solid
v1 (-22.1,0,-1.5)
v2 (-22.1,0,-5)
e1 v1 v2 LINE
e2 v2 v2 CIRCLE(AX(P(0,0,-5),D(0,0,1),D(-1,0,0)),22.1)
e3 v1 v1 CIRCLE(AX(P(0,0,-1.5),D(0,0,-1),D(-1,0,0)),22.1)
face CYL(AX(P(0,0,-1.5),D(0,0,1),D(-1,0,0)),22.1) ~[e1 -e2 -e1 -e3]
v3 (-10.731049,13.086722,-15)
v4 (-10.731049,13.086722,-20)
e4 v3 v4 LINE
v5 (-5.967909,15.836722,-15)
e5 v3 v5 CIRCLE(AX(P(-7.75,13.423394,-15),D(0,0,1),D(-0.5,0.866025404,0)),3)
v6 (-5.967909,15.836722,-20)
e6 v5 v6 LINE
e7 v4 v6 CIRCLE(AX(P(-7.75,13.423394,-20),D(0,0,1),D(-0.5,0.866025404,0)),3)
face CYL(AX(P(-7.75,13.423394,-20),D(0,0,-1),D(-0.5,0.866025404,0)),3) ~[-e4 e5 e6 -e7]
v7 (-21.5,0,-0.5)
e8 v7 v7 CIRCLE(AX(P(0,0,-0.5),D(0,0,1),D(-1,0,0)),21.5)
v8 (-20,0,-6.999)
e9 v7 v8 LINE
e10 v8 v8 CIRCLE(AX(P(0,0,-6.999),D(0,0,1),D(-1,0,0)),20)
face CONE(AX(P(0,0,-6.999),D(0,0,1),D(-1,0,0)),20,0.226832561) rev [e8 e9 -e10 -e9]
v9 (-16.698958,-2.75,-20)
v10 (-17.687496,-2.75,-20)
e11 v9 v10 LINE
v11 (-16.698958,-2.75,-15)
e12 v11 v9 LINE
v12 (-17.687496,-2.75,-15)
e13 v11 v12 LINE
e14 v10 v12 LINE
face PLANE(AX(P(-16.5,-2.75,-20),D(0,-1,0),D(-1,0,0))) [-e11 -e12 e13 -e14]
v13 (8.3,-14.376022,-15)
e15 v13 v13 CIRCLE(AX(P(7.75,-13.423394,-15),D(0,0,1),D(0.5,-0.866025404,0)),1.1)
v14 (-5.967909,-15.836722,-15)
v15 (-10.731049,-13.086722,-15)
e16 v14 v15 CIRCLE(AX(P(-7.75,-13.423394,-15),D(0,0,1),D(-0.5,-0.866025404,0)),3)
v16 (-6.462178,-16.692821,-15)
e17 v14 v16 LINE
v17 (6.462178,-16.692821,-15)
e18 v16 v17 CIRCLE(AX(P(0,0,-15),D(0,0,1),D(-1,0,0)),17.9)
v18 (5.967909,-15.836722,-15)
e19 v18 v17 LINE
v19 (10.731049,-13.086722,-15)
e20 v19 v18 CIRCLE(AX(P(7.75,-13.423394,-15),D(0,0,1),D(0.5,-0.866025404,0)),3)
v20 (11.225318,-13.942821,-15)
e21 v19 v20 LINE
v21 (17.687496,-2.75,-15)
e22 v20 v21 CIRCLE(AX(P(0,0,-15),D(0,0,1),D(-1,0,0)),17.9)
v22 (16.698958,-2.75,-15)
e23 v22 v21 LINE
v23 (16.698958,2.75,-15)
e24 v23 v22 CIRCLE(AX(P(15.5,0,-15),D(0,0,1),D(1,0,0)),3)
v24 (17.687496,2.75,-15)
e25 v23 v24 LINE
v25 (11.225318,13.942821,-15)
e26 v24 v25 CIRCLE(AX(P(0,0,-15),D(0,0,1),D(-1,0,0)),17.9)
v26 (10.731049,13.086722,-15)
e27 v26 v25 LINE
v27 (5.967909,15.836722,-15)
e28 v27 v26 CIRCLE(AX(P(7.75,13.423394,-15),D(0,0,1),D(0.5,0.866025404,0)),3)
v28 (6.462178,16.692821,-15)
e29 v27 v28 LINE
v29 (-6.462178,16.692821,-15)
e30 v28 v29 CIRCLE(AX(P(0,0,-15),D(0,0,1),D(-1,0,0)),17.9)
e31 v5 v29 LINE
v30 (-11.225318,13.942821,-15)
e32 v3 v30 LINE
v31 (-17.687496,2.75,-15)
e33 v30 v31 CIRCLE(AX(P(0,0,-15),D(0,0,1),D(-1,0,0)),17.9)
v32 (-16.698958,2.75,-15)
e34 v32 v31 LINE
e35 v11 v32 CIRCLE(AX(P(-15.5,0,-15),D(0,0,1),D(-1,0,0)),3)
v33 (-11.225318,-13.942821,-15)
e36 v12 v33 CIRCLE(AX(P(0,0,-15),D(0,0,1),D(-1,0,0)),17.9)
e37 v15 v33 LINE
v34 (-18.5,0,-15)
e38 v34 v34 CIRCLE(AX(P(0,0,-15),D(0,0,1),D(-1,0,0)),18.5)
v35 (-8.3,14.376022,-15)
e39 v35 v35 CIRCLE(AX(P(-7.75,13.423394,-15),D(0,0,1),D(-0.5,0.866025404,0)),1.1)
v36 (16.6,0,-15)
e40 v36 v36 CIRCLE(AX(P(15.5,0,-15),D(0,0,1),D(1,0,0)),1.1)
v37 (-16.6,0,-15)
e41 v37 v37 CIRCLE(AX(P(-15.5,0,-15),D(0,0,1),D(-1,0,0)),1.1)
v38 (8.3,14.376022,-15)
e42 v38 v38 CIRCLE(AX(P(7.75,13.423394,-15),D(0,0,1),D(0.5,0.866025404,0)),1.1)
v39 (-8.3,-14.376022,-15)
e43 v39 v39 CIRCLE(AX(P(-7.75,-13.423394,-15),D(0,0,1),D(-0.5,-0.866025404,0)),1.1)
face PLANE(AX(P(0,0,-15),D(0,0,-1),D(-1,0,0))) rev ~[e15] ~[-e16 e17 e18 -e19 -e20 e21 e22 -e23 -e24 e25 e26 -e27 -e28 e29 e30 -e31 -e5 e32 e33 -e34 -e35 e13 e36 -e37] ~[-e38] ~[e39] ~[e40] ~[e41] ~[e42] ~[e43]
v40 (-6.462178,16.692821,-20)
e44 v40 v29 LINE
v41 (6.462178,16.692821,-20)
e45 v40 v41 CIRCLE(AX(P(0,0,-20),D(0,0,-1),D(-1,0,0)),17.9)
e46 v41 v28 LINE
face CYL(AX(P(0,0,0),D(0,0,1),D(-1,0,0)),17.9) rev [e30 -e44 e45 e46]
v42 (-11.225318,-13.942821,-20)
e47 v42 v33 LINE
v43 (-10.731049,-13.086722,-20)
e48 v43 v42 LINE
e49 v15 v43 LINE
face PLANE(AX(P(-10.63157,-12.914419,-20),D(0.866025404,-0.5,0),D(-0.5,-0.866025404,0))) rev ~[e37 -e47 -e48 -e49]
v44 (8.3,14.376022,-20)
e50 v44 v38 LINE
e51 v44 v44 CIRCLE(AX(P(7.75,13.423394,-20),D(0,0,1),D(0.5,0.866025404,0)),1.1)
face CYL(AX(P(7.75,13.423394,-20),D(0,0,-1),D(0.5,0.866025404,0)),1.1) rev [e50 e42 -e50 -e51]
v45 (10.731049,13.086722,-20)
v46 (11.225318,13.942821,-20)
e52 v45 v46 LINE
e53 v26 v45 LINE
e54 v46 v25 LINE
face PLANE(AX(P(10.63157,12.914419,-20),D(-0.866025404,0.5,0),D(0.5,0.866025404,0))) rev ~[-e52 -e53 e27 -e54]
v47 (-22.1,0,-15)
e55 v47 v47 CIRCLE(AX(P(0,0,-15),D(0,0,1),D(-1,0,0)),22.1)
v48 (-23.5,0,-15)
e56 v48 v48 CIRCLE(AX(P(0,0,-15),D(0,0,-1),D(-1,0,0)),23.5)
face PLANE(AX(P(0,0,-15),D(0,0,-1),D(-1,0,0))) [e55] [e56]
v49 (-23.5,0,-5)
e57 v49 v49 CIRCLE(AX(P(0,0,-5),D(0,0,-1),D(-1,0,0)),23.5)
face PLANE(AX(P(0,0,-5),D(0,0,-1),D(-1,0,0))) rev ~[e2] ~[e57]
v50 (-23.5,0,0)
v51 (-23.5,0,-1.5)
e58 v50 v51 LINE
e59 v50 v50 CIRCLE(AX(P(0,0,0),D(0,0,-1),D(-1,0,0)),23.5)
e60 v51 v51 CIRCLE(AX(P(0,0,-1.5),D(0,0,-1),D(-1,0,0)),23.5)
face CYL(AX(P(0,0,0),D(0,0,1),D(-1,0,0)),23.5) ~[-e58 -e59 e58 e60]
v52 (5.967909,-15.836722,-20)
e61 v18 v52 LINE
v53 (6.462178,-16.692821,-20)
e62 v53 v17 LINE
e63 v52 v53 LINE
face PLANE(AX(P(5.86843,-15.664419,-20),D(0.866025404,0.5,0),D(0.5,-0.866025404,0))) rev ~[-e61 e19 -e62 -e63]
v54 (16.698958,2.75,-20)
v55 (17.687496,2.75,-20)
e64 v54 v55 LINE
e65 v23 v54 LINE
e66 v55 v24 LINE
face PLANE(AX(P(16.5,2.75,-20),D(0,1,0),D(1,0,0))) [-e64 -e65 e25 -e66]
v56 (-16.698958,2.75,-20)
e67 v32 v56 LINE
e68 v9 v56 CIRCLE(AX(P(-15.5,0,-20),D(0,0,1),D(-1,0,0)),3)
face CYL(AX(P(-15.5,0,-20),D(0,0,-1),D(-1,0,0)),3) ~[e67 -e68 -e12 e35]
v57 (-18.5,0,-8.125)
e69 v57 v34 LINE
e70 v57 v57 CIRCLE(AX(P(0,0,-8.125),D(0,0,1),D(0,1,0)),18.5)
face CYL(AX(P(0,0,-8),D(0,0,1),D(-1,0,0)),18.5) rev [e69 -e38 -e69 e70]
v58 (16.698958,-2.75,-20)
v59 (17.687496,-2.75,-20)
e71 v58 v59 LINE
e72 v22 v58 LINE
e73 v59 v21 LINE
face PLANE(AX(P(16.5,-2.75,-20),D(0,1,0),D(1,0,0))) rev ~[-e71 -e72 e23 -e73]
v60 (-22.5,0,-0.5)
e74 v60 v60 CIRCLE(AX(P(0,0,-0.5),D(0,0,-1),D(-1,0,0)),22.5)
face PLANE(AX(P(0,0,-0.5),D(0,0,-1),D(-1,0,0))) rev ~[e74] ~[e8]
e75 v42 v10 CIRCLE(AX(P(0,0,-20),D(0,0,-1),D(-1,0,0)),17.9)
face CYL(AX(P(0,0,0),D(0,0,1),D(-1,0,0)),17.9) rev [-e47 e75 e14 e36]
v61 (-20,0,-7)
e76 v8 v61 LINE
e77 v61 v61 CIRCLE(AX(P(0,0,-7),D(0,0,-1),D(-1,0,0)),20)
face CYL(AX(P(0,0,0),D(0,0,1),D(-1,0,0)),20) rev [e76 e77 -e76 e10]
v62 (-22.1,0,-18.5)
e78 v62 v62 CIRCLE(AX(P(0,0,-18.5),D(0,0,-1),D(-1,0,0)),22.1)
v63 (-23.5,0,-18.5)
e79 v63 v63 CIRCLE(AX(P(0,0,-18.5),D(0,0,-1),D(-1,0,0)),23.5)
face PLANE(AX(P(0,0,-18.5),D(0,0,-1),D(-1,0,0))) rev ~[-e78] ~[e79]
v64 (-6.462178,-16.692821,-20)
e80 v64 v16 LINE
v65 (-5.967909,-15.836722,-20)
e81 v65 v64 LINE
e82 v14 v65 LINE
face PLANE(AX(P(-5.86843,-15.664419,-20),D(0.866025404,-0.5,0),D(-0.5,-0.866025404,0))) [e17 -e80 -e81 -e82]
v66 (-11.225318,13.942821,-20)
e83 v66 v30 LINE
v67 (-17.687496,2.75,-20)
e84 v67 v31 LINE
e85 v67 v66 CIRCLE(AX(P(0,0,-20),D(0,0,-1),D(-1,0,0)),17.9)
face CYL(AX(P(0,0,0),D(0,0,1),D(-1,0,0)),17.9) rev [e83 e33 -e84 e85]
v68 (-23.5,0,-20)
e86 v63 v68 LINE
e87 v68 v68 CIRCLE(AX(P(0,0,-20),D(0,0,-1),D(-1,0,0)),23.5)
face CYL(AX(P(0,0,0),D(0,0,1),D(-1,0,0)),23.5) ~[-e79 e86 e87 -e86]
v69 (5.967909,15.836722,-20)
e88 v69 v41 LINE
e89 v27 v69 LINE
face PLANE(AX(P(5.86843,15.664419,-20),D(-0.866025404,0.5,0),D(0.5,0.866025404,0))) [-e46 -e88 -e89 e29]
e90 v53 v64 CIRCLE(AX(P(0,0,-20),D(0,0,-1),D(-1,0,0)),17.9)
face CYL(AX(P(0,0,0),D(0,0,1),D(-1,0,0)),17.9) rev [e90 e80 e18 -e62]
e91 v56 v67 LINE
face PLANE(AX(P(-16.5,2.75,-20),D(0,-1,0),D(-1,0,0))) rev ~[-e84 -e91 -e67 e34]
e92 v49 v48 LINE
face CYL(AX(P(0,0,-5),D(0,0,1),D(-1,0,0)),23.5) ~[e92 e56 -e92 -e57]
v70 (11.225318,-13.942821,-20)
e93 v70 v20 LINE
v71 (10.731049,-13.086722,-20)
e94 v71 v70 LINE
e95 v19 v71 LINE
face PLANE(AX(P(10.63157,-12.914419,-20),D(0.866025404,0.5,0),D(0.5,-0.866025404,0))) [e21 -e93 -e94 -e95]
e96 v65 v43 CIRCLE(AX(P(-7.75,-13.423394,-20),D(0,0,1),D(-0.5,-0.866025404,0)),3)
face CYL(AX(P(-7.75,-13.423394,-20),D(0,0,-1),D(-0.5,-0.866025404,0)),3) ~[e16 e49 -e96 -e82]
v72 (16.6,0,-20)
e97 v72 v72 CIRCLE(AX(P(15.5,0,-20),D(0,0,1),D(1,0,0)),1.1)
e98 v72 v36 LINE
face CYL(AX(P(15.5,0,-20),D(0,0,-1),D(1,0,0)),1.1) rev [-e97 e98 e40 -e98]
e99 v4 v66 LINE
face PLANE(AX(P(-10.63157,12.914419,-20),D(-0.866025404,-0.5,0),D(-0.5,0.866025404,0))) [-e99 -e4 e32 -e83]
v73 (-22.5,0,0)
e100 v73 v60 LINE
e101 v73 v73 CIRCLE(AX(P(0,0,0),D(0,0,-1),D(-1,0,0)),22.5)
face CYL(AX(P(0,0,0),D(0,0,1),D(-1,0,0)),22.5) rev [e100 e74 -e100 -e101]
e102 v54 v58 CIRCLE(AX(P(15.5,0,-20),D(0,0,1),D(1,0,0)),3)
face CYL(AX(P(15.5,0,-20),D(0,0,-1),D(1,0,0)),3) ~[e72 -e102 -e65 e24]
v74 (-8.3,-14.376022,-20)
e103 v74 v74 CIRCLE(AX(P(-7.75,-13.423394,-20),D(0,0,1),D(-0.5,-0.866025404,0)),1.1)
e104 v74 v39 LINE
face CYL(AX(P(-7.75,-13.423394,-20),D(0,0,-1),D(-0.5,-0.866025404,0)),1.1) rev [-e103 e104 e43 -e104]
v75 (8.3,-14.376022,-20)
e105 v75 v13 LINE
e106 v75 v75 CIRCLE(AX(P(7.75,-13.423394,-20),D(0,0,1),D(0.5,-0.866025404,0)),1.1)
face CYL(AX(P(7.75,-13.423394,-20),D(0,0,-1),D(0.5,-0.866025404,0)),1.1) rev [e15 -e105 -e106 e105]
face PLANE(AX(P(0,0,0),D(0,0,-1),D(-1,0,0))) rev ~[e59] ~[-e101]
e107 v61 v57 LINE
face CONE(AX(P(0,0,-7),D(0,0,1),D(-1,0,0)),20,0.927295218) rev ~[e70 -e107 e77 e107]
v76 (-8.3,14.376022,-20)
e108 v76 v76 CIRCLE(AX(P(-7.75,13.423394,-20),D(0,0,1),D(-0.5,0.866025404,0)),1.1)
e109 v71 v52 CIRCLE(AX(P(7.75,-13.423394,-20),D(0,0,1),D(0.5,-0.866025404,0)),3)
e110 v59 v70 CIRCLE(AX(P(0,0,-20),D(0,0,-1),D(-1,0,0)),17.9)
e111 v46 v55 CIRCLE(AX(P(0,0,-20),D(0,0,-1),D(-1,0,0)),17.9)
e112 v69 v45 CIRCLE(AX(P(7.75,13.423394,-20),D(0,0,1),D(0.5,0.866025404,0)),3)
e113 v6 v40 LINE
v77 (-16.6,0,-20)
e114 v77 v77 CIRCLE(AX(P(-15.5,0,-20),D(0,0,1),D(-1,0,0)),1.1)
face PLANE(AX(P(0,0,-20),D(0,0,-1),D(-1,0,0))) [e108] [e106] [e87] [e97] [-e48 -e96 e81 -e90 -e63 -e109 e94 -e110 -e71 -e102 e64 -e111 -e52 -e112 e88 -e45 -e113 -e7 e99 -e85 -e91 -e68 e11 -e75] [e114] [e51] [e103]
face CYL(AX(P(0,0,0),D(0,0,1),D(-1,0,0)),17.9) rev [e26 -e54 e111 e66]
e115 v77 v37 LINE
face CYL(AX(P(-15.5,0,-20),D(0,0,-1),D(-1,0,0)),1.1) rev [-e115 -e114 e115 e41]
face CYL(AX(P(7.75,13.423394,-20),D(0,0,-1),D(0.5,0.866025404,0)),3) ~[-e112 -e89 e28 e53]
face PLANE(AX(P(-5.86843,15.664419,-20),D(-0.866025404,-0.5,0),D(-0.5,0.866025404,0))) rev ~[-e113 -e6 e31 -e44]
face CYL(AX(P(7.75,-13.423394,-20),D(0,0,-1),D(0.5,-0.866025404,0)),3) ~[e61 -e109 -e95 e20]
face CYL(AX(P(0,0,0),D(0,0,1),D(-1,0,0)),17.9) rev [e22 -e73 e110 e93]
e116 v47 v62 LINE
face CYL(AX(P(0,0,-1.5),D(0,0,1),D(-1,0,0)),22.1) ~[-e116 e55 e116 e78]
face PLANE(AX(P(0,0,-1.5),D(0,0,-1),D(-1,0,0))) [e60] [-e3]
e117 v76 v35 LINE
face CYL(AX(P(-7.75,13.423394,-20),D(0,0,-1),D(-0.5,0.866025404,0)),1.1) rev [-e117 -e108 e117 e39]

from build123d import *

# Parameters (mm, degrees)
CYLINDER154_R             = 1.1
CYLINDER154_DEPTH         = 5
BOX024_W                  = 2
BOX024_H                  = 5.5
BOX024_DEPTH              = 5
BOX023_W                  = 0.75
BOX023_H                  = 8
BOX023_DEPTH              = 5
CYLINDER153_R             = 3
CYLINDER153_DEPTH         = 5
CUT033013_PLACEMENT_ANGLE = 120
CYLINDER157_R             = 1.1
CYLINDER157_DEPTH         = 5
CUT033016_PLACEMENT_ANGLE = 60
CYLINDER155_R             = 1.1
CYLINDER155_DEPTH         = 5
CUT033014_PLACEMENT_ANGLE = 180
CYLINDER158_R             = 1.1
CYLINDER158_DEPTH         = 5
CYLINDER156_R             = 1.1
CYLINDER156_DEPTH         = 5
CUT033015_PLACEMENT_ANGLE = 240
CYLINDER152_R             = 1.1
CYLINDER152_DEPTH         = 5
CUT033012_PLACEMENT_ANGLE = 60
CYLINDER143_R             = 18.5
CYLINDER143_DEPTH         = 7
CYLINDER144_R             = 22.5
CYLINDER144_DEPTH         = 0.5
CYLINDER145_R             = 20
CYLINDER145_DEPTH         = 7
CYLINDER142_R             = 17.9
CYLINDER142_DEPTH         = 20
CYLINDER138_R             = 22.1
CYLINDER138_DEPTH         = 17
CYLINDER139_R             = 23.5
CYLINDER139_DEPTH         = 17
CYLINDER137_R             = 23.5
CYLINDER137_DEPTH         = 20
CYLINDER140_R             = 22
CYLINDER140_DEPTH         = 17
CYLINDER141_R             = 23.5
CYLINDER141_DEPTH         = 10
CUT033011_PLACEMENT_ANGLE = 180
CHAMFER_SIZE2             = 6.499
CHAMFER_SIZE              = 1.5


with BuildPart() as cylinder154:
    # Cylinder154 → Cylinder154 (new body)
    with BuildSketch(Plane(origin=(15.5, 0, 15), x_dir=(1, 0, 0), z_dir=(0, 0, 1))):
        Circle(CYLINDER154_R)
    extrude(amount=CYLINDER154_DEPTH)


with BuildPart() as cube024:
    # Box024 → Box024 (new body)
    with BuildSketch(Plane(origin=(16.5, -2.75, 15), x_dir=(1, 0, 0), z_dir=(0, 0, 1))):
        with Locations((1, 2.75)):
            Rectangle(BOX024_W, BOX024_H)
    extrude(amount=BOX024_DEPTH)


with BuildPart() as cube023:
    # Box023 → Box023 (new body)
    with BuildSketch(Plane(origin=(18.2, -4, 15), x_dir=(1, 0, 0), z_dir=(0, 0, 1))):
        with Locations((0.375, 4)):
            Rectangle(BOX023_W, BOX023_H)
    extrude(amount=BOX023_DEPTH)


with BuildPart() as cylinder153:
    # Cylinder153 → Cylinder153 (new body)
    with BuildSketch(Plane(origin=(15.5, 0, 15), x_dir=(1, 0, 0), z_dir=(0, 0, 1))):
        Circle(CYLINDER153_R)
    extrude(amount=CYLINDER153_DEPTH)


with BuildPart() as cut033013:
    # Fusion040005 base: copy of Cylinder153
    add(cylinder153.part)

    # Fusion040005: union Cube024, Cube023
    add(cube024.part)
    add(cube023.part)

    # Cut033013: cut Cylinder154
    add(cylinder154.part, mode=Mode.SUBTRACT)


with BuildPart() as cut033013_1:
    # Cut033013 placement: moved
    add(cut033013.part.moved(Location((0, 0, 9))).rotate(Axis((0, 0, 9), (0, 0, 1)), CUT033013_PLACEMENT_ANGLE))


with BuildPart() as cylinder157:
    # Cylinder157 → Cylinder157 (new body)
    with BuildSketch(Plane(origin=(15.5, 0, 15), x_dir=(1, 0, 0), z_dir=(0, 0, 1))):
        Circle(CYLINDER157_R)
    extrude(amount=CYLINDER157_DEPTH)


with BuildPart() as cut033016:
    # Fusion040008 base: copy of Cylinder153
    add(cylinder153.part)

    # Fusion040008: union Cube024, Cube023
    add(cube024.part)
    add(cube023.part)

    # Cut033016: cut Cylinder157
    add(cylinder157.part, mode=Mode.SUBTRACT)


with BuildPart() as cut033016_1:
    # Cut033016 placement: moved
    add(cut033016.part.moved(Location((0, 0, 9))).rotate(Axis((0, 0, 9), (0, 0, -1)), CUT033016_PLACEMENT_ANGLE))


with BuildPart() as cylinder155:
    # Cylinder155 → Cylinder155 (new body)
    with BuildSketch(Plane(origin=(15.5, 0, 15), x_dir=(1, 0, 0), z_dir=(0, 0, 1))):
        Circle(CYLINDER155_R)
    extrude(amount=CYLINDER155_DEPTH)


with BuildPart() as cut033014:
    # Fusion040006 base: copy of Cylinder153
    add(cylinder153.part)

    # Fusion040006: union Cube024, Cube023
    add(cube024.part)
    add(cube023.part)

    # Cut033014: cut Cylinder155
    add(cylinder155.part, mode=Mode.SUBTRACT)


with BuildPart() as cut033014_1:
    # Cut033014 placement: moved
    add(cut033014.part.moved(Location((0, 0, 9))).rotate(Axis((0, 0, 9), (0, 0, 1)), CUT033014_PLACEMENT_ANGLE))


with BuildPart() as cylinder158:
    # Cylinder158 → Cylinder158 (new body)
    with BuildSketch(Plane(origin=(15.5, 0, 15), x_dir=(1, 0, 0), z_dir=(0, 0, 1))):
        Circle(CYLINDER158_R)
    extrude(amount=CYLINDER158_DEPTH)


with BuildPart() as cut033006:
    # Fusion040009 base: copy of Cylinder153
    add(cylinder153.part)

    # Fusion040009: union Cube024, Cube023
    add(cube024.part)
    add(cube023.part)

    # Cut033006: cut Cylinder158
    add(cylinder158.part, mode=Mode.SUBTRACT)


with BuildPart() as cut033006_1:
    # Cut033006 placement: moved
    add(cut033006.part.moved(Location((0, 0, 9))))


with BuildPart() as cylinder156:
    # Cylinder156 → Cylinder156 (new body)
    with BuildSketch(Plane(origin=(15.5, 0, 15), x_dir=(1, 0, 0), z_dir=(0, 0, 1))):
        Circle(CYLINDER156_R)
    extrude(amount=CYLINDER156_DEPTH)


with BuildPart() as cut033015:
    # Fusion040007 base: copy of Cylinder153
    add(cylinder153.part)

    # Fusion040007: union Cube024, Cube023
    add(cube024.part)
    add(cube023.part)

    # Cut033015: cut Cylinder156
    add(cylinder156.part, mode=Mode.SUBTRACT)


with BuildPart() as cut033015_1:
    # Cut033015 placement: moved
    add(cut033015.part.moved(Location((0, 0, 9))).rotate(Axis((0, 0, 9), (0, 0, 1)), CUT033015_PLACEMENT_ANGLE))


with BuildPart() as cylinder152:
    # Cylinder152 → Cylinder152 (new body)
    with BuildSketch(Plane(origin=(15.5, 0, 15), x_dir=(1, 0, 0), z_dir=(0, 0, 1))):
        Circle(CYLINDER152_R)
    extrude(amount=CYLINDER152_DEPTH)


with BuildPart() as fusion040010:
    # Fusion040004 base: copy of Cylinder153
    add(cylinder153.part)

    # Fusion040004: union Cube024, Cube023
    add(cube024.part)
    add(cube023.part)

    # Cut033012: cut Cylinder152
    add(cylinder152.part, mode=Mode.SUBTRACT)


with BuildPart() as fusion040010_1:
    # Cut033012 placement: moved
    add(fusion040010.part.moved(Location((0, 0, 9))).rotate(Axis((0, 0, 9), (0, 0, 1)), CUT033012_PLACEMENT_ANGLE))

    # Fusion040010: union Cut033013, Cut033016, Cut033014, Cut033006, Cut033015
    add(cut033013_1.part)
    add(cut033016_1.part)
    add(cut033014_1.part)
    add(cut033006_1.part)
    add(cut033015_1.part)


with BuildPart() as cylinder143:
    # Cylinder143 → Cylinder143 (new body)
    with BuildSketch(Plane.XY.offset(8)):
        Circle(CYLINDER143_R)
    extrude(amount=CYLINDER143_DEPTH)


with BuildPart() as cone001:
    # Cone001 → Cone001 (revolve)
    with BuildSketch(Plane(origin=(0, 0, 7), x_dir=(1, 0, 0), z_dir=(0, -1, 0))):
        Polygon((0, 0), (20, 0), (12, 6), (0, 6), align=None)
    revolve(axis=Axis((0, 0, 7), (0, 0, 1)))


with BuildPart() as cylinder144:
    # Cylinder144 → Cylinder144 (new body)
    with BuildSketch(Plane.XY):
        Circle(CYLINDER144_R)
    extrude(amount=CYLINDER144_DEPTH)


with BuildPart() as cylinder145:
    # Cylinder145 → Cylinder145 (new body)
    with BuildSketch(Plane.XY):
        Circle(CYLINDER145_R)
    extrude(amount=CYLINDER145_DEPTH)


with BuildPart() as cylinder142:
    # Cylinder142 → Cylinder142 (new body)
    with BuildSketch(Plane.XY):
        Circle(CYLINDER142_R)
    extrude(amount=CYLINDER142_DEPTH)


with BuildPart() as cylinder138:
    # Cylinder138 → Cylinder138 (new body)
    with BuildSketch(Plane.XY):
        Circle(CYLINDER138_R)
    extrude(amount=CYLINDER138_DEPTH)


with BuildPart() as cut033005:
    # Cylinder139 → Cylinder139 (new body)
    with BuildSketch(Plane.XY):
        Circle(CYLINDER139_R)
    extrude(amount=CYLINDER139_DEPTH)

    # Cut033005: cut Cylinder138
    add(cylinder138.part, mode=Mode.SUBTRACT)


with BuildPart() as cut033005_1:
    # Cut033005 placement: moved
    add(cut033005.part.moved(Location((0, 0, 1.5))))


with BuildPart() as cut033004:
    # Cylinder137 → Cylinder137 (new body)
    with BuildSketch(Plane.XY):
        Circle(CYLINDER137_R)
    extrude(amount=CYLINDER137_DEPTH)

    # Cut033004: cut Cut033005
    add(cut033005_1.part, mode=Mode.SUBTRACT)


with BuildPart() as cylinder140:
    # Cylinder140 → Cylinder140 (new body)
    with BuildSketch(Plane.XY):
        Circle(CYLINDER140_R)
    extrude(amount=CYLINDER140_DEPTH)


with BuildPart() as trilex_rear_rim_outer:
    # Cylinder141 → Cylinder141 (new body)
    with BuildSketch(Plane.XY.offset(0.5)):
        Circle(CYLINDER141_R)
    extrude(amount=CYLINDER141_DEPTH)

    # Cut033003: cut Cylinder140
    add(cylinder140.part, mode=Mode.SUBTRACT)


with BuildPart() as trilex_rear_rim_outer_1:
    # Cut033003 placement: moved
    add(trilex_rear_rim_outer.part.moved(Location((0, 0, 4.5))))

    # Fusion040003: union Cut033004
    add(cut033004.part)

    # Cut033007: cut Cylinder142
    add(cylinder142.part, mode=Mode.SUBTRACT)

    # Cut033009: cut Cylinder145
    add(cylinder145.part, mode=Mode.SUBTRACT)

    # Cut033008: cut Cylinder144
    add(cylinder144.part, mode=Mode.SUBTRACT)

    # Cut033010: cut Cone001
    add(cone001.part, mode=Mode.SUBTRACT)

    # Cut033011: cut Cylinder143
    add(cylinder143.part, mode=Mode.SUBTRACT)


with BuildPart() as trilex_rear_rim_outer_2:
    # Cut033011 placement: moved
    add(trilex_rear_rim_outer_1.part.moved(Location((0, 0, 44))).rotate(Axis((0, 0, 44), (0, 1, 0)), CUT033011_PLACEMENT_ANGLE))

    # Fusion040011: union Fusion040010
    add(fusion040010_1.part)


with BuildPart() as trilex_rear_rim_outer_3:
    # Fusion040011 placement: moved
    add(trilex_rear_rim_outer_2.part.moved(Location((0, 0, -44))))

    # Chamfer
    chamfer_edges = [trilex_rear_rim_outer_3.edges().sort_by_distance(p)[0] for p in [
        (20, 0, -0.5),
    ]]
    chamfer_side = trilex_rear_rim_outer_3.faces().sort_by_distance((21.863604, 0, -0.5))[0]
    chamfer(chamfer_edges, length=CHAMFER_SIZE, length2=CHAMFER_SIZE2, reference=chamfer_side)


solid = trilex_rear_rim_outer_3.part
